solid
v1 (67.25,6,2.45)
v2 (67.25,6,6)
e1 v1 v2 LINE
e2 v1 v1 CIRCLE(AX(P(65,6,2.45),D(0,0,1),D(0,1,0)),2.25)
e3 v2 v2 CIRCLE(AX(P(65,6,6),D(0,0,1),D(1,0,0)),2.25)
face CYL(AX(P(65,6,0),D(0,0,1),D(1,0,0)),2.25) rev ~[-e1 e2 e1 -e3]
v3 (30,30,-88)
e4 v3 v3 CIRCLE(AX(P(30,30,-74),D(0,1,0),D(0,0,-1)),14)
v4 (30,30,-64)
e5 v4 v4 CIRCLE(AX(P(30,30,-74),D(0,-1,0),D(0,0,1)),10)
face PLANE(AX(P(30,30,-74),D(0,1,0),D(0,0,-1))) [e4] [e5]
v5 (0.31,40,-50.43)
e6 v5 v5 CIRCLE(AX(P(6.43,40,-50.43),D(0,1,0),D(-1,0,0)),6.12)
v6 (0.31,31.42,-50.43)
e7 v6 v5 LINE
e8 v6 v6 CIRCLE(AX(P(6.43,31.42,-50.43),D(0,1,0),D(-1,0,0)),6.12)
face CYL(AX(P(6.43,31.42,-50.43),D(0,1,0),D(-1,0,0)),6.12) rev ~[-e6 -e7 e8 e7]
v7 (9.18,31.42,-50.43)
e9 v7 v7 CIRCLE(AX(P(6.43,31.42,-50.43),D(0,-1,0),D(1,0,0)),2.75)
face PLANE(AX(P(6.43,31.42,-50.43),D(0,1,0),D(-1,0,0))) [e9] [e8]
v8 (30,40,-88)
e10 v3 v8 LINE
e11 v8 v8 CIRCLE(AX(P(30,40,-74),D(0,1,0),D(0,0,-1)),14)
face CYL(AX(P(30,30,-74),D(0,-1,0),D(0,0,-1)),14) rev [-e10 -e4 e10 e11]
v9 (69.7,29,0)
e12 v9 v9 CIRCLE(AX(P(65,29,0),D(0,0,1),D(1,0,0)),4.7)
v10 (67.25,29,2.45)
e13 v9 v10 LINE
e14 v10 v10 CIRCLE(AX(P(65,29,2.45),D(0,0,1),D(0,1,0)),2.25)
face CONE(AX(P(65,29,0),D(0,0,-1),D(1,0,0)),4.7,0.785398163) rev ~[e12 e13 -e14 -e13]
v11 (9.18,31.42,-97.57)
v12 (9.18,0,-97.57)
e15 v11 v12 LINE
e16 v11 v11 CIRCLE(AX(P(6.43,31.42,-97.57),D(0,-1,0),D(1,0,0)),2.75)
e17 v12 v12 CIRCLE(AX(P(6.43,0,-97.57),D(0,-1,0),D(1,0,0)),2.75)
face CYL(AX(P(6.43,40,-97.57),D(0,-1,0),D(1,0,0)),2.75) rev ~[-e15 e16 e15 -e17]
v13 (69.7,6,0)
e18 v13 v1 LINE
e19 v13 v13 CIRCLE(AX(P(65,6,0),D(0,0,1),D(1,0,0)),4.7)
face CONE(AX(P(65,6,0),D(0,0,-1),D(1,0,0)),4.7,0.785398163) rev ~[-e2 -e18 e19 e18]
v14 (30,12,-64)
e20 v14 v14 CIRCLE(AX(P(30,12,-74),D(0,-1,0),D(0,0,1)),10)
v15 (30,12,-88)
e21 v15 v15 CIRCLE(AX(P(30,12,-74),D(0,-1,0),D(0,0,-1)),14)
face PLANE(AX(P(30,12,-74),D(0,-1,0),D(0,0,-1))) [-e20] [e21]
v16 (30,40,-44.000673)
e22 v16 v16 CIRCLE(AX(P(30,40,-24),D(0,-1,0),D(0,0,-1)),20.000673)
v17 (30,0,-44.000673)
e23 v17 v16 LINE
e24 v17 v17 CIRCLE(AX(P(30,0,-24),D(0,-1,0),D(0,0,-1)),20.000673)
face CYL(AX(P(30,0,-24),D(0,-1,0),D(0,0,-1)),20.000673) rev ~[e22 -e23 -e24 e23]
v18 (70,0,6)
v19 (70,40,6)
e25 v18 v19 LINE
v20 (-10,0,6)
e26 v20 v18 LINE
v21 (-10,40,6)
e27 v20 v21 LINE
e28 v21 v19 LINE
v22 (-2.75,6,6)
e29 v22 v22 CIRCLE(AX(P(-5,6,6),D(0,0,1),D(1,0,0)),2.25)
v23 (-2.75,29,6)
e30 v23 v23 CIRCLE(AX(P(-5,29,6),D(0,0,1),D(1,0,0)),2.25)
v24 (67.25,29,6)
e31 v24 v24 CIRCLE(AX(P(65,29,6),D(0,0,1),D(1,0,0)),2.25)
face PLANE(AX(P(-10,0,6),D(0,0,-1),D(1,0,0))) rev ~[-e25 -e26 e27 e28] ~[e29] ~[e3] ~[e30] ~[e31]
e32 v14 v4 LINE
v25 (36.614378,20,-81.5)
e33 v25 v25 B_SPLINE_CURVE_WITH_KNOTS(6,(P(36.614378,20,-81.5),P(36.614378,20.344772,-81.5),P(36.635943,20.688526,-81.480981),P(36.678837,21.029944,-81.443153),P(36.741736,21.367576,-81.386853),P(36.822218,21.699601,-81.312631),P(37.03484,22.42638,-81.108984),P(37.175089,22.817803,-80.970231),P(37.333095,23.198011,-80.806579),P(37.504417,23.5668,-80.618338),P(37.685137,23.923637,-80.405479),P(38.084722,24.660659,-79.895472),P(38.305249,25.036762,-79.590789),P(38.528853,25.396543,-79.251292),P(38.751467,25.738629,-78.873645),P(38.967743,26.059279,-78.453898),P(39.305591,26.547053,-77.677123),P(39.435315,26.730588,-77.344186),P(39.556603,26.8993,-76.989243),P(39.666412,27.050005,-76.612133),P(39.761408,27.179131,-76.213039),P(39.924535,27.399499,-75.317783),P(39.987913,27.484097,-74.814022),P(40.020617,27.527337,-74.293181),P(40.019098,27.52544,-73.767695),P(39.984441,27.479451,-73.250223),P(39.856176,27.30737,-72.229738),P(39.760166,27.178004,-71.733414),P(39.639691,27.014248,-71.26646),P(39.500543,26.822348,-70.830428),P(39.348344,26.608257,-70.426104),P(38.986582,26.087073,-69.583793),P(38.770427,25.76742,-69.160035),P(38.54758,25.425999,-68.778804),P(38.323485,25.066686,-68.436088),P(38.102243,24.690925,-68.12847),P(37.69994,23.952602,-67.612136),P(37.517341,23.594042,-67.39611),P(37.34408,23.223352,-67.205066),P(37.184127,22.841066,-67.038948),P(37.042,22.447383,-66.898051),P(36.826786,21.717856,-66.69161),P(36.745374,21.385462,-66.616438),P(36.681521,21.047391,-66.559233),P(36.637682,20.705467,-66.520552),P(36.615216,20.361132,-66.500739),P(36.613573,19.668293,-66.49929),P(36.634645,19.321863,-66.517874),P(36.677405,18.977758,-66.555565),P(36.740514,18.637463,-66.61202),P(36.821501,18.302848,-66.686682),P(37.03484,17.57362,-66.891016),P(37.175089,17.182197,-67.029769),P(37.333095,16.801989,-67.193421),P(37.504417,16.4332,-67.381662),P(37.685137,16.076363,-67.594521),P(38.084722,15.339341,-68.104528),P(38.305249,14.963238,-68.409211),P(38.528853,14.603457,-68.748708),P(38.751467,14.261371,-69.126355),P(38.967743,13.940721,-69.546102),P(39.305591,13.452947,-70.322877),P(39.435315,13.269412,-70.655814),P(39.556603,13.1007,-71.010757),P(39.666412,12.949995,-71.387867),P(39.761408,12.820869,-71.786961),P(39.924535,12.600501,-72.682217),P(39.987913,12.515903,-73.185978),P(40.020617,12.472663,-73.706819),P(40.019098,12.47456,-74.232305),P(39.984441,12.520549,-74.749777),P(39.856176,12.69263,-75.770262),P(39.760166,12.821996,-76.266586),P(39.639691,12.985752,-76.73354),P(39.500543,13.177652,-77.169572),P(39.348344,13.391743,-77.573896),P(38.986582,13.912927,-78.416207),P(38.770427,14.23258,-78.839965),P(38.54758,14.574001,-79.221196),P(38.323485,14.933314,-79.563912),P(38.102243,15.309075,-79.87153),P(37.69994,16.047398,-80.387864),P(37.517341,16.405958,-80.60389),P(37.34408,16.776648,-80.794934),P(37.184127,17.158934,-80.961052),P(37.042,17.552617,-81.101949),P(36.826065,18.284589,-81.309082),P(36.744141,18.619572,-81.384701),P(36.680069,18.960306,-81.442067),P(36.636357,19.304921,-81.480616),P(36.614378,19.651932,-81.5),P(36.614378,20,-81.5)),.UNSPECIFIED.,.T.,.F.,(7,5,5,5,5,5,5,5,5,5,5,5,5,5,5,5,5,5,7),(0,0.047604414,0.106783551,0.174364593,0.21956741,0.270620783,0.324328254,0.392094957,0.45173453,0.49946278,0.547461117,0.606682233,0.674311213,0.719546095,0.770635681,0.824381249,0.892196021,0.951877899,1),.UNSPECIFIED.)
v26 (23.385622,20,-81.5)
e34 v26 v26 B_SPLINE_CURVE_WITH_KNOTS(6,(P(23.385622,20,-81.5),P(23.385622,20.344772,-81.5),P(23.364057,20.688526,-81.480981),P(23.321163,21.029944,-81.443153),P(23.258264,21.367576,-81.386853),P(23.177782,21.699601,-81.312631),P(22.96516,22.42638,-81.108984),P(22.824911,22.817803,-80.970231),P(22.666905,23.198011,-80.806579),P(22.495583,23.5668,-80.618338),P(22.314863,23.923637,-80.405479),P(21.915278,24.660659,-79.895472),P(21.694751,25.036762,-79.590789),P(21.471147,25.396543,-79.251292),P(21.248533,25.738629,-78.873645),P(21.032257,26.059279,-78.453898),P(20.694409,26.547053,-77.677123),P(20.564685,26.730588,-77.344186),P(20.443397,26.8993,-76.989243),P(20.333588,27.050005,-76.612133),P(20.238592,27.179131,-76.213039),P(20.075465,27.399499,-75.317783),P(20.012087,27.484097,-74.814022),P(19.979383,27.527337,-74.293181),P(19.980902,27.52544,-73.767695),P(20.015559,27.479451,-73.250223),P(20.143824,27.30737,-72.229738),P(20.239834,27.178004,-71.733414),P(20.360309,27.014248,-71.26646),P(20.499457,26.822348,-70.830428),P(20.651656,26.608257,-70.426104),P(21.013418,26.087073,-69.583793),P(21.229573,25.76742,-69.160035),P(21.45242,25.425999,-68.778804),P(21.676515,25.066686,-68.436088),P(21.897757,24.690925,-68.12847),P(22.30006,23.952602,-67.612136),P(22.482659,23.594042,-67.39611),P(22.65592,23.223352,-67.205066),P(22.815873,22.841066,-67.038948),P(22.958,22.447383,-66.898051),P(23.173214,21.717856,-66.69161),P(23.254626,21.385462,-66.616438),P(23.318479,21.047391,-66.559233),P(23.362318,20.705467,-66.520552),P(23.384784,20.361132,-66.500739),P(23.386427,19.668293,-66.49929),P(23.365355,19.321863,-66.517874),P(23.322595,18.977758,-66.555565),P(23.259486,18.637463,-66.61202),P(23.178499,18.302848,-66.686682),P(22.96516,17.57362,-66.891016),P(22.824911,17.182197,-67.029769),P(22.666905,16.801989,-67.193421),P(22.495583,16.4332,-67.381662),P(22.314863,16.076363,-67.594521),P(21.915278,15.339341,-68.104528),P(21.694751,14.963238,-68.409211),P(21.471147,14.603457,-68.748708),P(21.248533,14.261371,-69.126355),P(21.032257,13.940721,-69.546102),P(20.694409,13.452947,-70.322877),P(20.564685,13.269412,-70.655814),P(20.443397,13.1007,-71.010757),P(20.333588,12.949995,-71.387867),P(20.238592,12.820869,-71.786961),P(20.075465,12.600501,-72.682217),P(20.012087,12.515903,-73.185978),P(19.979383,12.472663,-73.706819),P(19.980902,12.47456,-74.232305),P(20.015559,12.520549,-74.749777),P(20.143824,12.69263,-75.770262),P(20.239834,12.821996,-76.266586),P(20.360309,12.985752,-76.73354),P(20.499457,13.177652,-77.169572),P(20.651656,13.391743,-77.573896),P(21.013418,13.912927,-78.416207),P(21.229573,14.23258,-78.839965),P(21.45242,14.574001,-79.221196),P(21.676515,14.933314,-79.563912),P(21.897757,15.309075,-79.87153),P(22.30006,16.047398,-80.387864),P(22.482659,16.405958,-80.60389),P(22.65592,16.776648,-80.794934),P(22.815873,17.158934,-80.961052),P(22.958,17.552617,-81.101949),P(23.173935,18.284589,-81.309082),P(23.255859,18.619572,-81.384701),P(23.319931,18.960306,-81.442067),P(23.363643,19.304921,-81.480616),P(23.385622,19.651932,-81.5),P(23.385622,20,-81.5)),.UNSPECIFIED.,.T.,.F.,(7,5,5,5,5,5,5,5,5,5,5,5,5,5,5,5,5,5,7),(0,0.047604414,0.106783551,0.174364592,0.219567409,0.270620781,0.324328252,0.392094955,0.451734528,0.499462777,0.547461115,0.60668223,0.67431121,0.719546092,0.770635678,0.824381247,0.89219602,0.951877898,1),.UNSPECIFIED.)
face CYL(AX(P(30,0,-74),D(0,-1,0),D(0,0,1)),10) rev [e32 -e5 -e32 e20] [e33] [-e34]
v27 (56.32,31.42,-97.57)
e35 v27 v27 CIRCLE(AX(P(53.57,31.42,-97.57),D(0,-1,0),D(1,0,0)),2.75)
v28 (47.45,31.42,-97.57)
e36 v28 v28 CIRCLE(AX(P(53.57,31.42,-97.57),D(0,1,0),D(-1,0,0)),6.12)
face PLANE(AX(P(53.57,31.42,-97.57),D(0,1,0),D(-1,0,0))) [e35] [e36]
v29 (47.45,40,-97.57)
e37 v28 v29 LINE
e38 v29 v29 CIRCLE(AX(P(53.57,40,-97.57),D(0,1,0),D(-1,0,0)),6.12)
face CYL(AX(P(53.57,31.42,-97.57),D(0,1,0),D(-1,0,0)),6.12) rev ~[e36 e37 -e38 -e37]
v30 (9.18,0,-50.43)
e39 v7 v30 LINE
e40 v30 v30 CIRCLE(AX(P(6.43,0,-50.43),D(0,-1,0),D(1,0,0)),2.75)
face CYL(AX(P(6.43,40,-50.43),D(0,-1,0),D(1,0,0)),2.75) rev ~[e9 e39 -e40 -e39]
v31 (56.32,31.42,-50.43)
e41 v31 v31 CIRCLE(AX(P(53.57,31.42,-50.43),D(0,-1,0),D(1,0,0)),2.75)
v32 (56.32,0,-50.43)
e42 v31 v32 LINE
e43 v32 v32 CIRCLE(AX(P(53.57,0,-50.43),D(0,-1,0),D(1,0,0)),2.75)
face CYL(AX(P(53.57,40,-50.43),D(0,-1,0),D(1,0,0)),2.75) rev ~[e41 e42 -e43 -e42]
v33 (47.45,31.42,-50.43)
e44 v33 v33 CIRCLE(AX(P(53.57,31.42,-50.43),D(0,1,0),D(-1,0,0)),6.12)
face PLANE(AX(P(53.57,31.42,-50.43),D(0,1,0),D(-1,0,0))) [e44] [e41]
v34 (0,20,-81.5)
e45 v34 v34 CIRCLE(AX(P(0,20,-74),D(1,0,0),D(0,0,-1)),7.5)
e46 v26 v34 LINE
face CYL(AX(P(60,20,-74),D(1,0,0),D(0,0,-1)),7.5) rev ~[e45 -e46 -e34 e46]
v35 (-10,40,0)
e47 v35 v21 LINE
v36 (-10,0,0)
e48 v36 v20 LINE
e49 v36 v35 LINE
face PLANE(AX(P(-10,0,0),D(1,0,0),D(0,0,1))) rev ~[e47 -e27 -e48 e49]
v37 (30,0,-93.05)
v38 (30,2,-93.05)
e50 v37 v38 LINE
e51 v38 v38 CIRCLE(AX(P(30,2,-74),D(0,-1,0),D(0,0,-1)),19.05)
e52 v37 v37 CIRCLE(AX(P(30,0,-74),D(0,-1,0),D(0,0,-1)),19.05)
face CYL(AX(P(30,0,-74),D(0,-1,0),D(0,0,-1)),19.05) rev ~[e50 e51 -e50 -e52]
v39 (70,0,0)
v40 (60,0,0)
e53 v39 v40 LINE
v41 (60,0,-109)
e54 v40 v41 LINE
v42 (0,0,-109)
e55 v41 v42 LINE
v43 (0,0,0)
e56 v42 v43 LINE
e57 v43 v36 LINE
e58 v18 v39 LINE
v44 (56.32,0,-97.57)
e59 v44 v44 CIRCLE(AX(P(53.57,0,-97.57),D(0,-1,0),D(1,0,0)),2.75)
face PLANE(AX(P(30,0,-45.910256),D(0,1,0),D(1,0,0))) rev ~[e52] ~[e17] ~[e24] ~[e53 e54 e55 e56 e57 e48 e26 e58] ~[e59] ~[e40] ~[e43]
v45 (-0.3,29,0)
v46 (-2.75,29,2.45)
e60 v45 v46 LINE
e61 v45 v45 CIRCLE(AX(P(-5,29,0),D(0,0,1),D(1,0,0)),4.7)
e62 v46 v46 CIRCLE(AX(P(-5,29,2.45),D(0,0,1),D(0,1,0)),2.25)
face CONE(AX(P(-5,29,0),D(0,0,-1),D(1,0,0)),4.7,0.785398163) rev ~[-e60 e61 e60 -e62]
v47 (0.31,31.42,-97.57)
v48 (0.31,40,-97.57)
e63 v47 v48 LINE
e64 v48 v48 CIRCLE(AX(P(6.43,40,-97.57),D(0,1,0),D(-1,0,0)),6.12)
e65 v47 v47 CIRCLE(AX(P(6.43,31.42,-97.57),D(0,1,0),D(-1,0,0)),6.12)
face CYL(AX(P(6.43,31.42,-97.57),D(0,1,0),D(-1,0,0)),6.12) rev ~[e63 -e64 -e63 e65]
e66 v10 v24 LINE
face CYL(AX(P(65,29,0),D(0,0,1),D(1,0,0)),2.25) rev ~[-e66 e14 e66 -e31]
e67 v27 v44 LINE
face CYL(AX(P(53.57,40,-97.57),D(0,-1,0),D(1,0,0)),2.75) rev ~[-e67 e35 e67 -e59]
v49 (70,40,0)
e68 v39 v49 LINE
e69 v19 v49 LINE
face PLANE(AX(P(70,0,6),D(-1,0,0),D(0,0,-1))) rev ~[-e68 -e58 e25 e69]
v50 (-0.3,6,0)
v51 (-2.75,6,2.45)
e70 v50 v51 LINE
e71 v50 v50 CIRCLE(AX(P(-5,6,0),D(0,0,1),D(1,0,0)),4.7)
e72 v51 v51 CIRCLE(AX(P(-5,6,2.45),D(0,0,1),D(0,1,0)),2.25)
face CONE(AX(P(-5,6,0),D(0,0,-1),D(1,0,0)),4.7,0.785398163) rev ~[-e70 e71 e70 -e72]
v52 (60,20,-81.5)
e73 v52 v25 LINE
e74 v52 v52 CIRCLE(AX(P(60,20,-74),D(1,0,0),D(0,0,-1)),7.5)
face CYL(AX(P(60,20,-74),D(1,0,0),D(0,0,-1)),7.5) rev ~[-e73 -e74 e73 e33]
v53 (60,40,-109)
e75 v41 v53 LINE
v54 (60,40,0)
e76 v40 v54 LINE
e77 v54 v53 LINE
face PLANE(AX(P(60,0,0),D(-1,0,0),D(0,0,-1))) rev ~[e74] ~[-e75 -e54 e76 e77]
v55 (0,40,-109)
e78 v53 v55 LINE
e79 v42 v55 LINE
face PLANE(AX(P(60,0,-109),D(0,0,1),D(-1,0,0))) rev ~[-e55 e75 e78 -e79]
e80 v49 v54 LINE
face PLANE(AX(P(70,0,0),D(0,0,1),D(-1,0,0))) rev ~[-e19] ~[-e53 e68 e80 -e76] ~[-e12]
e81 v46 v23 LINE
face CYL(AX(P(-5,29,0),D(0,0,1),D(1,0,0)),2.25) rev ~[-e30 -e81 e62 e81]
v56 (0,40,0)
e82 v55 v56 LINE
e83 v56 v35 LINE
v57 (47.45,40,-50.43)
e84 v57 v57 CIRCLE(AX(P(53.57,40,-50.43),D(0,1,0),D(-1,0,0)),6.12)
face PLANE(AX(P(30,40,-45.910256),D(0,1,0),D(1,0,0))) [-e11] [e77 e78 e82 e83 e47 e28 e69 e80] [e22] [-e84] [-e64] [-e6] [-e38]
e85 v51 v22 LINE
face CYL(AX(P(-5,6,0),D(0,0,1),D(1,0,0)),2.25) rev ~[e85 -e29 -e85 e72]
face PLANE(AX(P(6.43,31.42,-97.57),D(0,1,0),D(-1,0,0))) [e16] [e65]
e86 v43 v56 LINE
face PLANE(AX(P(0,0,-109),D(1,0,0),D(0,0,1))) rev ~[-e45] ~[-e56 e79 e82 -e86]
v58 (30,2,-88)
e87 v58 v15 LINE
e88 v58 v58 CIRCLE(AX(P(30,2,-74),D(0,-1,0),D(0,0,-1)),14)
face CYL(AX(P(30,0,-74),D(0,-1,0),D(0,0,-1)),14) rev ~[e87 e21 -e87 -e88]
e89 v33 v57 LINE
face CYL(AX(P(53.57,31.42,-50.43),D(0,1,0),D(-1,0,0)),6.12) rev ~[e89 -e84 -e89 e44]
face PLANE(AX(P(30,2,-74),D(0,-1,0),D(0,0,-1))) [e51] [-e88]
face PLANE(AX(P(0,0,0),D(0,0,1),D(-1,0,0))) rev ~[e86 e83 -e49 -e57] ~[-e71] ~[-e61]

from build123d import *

# Parameters (mm, degrees)
SKETCH1_R                                       = 10
BOSS_EXTRUDE1_DEPTH                             = 40
SKETCH2_R                                       = 14
CUT_EXTRUDE1_DEPTH                              = 12
CUT_EXTRUDE2_START                              = -10
SKETCH3_R                                       = 14
CUT_EXTRUDE2_DEPTH                              = 10
SKETCH5_R                                       = 19.05
CUT_EXTRUDE3_DEPTH                              = 2
CBORE_FOR_M5_HEX_HEAD_BOLT1_D                   = 5.5
CBORE_FOR_M5_HEX_HEAD_BOLT1_CBORE_D             = 12.24
CBORE_FOR_M5_HEX_HEAD_BOLT1_CBORE_DEPTH         = 8.58
CSK_FOR_M4_FLAT_HEAD_MACHINE_SCREW1_D           = 4.5
CSK_FOR_M4_FLAT_HEAD_MACHINE_SCREW1_CSINK_D     = 9.4
CSK_FOR_M4_FLAT_HEAD_MACHINE_SCREW1_CSINK_ANGLE = 90
LPATTERN1_COUNT                                 = 2
LPATTERN1_PITCH                                 = 23
LPATTERN1_COUNT_DIR2                            = 2
LPATTERN1_PITCH_DIR2                            = 70
SKETCH13_R                                      = 7.5
CUT_EXTRUDE4_DEPTH                              = 136.576546644
SKETCH14_R                                      = 20.000672508
CUT_EXTRUDE5_DEPTH                              = 136.576546644


with BuildPart() as part:
    # Sketch1 → Boss-Extrude1 (new body)
    with BuildSketch(Plane(origin=(0, 0, 0), x_dir=(1, 0, 0), z_dir=(0, 1, 0))):
        Polygon((0, 0), (-10, 0), (-10, -6), (70, -6), (70, 0), (60, 0), (60, 109), (0, 109), align=None)
        with Locations(Location((30, 74, 0), (0, 0, 270))):
            Circle(SKETCH1_R, mode=Mode.SUBTRACT)
    extrude(amount=BOSS_EXTRUDE1_DEPTH)

    # Sketch2 → Cut-Extrude1 (cut)
    with BuildSketch(Plane.XZ):
        with Locations(Location((30, -74, 0), (0, 0, 270))):
            Circle(SKETCH2_R)
    extrude(amount=-CUT_EXTRUDE1_DEPTH, mode=Mode.SUBTRACT)

    # Sketch3 → Cut-Extrude2 (cut)
    with BuildSketch(Plane(origin=(0, 40, 0), x_dir=(1, 0, 0), z_dir=(0, 1, 0)).offset(CUT_EXTRUDE2_START)):
        with Locations(Location((30, 74, 0), (0, 0, 90))):
            Circle(SKETCH3_R)
    extrude(amount=CUT_EXTRUDE2_DEPTH, mode=Mode.SUBTRACT)

    # Sketch5 → Cut-Extrude3 (cut)
    with BuildSketch(Plane.XZ):
        with Locations(Location((30, -74, 0), (0, 0, 270))):
            Circle(SKETCH5_R)
    extrude(amount=-CUT_EXTRUDE3_DEPTH, mode=Mode.SUBTRACT)

    # CBORE for M5 Hex Head Bolt1 (through all)
    with Locations(Plane(origin=(0, 40, 0), x_dir=(-1, 0, 0), z_dir=(0, 1, 0))):
        with Locations((-6.43, -97.57), (-6.43, -50.43), (-53.57, -50.43), (-53.57, -97.57)):
            CounterBoreHole(CBORE_FOR_M5_HEX_HEAD_BOLT1_D / 2, CBORE_FOR_M5_HEX_HEAD_BOLT1_CBORE_D / 2, CBORE_FOR_M5_HEX_HEAD_BOLT1_CBORE_DEPTH)

    # CSK for M4 Flat Head Machine Screw1 (through all)
    with Locations(Plane(origin=(0, 0, 0), x_dir=(-1, 0, 0), z_dir=(0, 0, -1))):
        with Locations((-65, 6)):
            csk_for_m4_flat_head_machine_screw1 = CounterSinkHole(CSK_FOR_M4_FLAT_HEAD_MACHINE_SCREW1_D / 2, CSK_FOR_M4_FLAT_HEAD_MACHINE_SCREW1_CSINK_D / 2, counter_sink_angle=CSK_FOR_M4_FLAT_HEAD_MACHINE_SCREW1_CSINK_ANGLE)

    # LPattern1: CSK for M4 Flat Head Machine Screw1 2 × 2
    with Locations(*[(-j * LPATTERN1_PITCH_DIR2, i * LPATTERN1_PITCH, 0) for i in range(LPATTERN1_COUNT) for j in range(LPATTERN1_COUNT_DIR2) if (i, j) != (0, 0)]):
        add(csk_for_m4_flat_head_machine_screw1, mode=Mode.SUBTRACT)

    # Sketch13 → Cut-Extrude4 (cut, through all)
    with BuildSketch(Plane(origin=(60, 0, 0), x_dir=(0, 0, -1), z_dir=(1, 0, 0))):
        with Locations((74, 20)):
            Circle(SKETCH13_R)
    extrude(amount=-CUT_EXTRUDE4_DEPTH, mode=Mode.SUBTRACT)

    # Sketch14 → Cut-Extrude5 (cut, through all)
    with BuildSketch(Plane.XZ):
        with Locations(Location((30, -24, 0), (0, 0, 270))):
            Circle(SKETCH14_R)
    extrude(amount=-CUT_EXTRUDE5_DEPTH, mode=Mode.SUBTRACT)


solid = part.part
